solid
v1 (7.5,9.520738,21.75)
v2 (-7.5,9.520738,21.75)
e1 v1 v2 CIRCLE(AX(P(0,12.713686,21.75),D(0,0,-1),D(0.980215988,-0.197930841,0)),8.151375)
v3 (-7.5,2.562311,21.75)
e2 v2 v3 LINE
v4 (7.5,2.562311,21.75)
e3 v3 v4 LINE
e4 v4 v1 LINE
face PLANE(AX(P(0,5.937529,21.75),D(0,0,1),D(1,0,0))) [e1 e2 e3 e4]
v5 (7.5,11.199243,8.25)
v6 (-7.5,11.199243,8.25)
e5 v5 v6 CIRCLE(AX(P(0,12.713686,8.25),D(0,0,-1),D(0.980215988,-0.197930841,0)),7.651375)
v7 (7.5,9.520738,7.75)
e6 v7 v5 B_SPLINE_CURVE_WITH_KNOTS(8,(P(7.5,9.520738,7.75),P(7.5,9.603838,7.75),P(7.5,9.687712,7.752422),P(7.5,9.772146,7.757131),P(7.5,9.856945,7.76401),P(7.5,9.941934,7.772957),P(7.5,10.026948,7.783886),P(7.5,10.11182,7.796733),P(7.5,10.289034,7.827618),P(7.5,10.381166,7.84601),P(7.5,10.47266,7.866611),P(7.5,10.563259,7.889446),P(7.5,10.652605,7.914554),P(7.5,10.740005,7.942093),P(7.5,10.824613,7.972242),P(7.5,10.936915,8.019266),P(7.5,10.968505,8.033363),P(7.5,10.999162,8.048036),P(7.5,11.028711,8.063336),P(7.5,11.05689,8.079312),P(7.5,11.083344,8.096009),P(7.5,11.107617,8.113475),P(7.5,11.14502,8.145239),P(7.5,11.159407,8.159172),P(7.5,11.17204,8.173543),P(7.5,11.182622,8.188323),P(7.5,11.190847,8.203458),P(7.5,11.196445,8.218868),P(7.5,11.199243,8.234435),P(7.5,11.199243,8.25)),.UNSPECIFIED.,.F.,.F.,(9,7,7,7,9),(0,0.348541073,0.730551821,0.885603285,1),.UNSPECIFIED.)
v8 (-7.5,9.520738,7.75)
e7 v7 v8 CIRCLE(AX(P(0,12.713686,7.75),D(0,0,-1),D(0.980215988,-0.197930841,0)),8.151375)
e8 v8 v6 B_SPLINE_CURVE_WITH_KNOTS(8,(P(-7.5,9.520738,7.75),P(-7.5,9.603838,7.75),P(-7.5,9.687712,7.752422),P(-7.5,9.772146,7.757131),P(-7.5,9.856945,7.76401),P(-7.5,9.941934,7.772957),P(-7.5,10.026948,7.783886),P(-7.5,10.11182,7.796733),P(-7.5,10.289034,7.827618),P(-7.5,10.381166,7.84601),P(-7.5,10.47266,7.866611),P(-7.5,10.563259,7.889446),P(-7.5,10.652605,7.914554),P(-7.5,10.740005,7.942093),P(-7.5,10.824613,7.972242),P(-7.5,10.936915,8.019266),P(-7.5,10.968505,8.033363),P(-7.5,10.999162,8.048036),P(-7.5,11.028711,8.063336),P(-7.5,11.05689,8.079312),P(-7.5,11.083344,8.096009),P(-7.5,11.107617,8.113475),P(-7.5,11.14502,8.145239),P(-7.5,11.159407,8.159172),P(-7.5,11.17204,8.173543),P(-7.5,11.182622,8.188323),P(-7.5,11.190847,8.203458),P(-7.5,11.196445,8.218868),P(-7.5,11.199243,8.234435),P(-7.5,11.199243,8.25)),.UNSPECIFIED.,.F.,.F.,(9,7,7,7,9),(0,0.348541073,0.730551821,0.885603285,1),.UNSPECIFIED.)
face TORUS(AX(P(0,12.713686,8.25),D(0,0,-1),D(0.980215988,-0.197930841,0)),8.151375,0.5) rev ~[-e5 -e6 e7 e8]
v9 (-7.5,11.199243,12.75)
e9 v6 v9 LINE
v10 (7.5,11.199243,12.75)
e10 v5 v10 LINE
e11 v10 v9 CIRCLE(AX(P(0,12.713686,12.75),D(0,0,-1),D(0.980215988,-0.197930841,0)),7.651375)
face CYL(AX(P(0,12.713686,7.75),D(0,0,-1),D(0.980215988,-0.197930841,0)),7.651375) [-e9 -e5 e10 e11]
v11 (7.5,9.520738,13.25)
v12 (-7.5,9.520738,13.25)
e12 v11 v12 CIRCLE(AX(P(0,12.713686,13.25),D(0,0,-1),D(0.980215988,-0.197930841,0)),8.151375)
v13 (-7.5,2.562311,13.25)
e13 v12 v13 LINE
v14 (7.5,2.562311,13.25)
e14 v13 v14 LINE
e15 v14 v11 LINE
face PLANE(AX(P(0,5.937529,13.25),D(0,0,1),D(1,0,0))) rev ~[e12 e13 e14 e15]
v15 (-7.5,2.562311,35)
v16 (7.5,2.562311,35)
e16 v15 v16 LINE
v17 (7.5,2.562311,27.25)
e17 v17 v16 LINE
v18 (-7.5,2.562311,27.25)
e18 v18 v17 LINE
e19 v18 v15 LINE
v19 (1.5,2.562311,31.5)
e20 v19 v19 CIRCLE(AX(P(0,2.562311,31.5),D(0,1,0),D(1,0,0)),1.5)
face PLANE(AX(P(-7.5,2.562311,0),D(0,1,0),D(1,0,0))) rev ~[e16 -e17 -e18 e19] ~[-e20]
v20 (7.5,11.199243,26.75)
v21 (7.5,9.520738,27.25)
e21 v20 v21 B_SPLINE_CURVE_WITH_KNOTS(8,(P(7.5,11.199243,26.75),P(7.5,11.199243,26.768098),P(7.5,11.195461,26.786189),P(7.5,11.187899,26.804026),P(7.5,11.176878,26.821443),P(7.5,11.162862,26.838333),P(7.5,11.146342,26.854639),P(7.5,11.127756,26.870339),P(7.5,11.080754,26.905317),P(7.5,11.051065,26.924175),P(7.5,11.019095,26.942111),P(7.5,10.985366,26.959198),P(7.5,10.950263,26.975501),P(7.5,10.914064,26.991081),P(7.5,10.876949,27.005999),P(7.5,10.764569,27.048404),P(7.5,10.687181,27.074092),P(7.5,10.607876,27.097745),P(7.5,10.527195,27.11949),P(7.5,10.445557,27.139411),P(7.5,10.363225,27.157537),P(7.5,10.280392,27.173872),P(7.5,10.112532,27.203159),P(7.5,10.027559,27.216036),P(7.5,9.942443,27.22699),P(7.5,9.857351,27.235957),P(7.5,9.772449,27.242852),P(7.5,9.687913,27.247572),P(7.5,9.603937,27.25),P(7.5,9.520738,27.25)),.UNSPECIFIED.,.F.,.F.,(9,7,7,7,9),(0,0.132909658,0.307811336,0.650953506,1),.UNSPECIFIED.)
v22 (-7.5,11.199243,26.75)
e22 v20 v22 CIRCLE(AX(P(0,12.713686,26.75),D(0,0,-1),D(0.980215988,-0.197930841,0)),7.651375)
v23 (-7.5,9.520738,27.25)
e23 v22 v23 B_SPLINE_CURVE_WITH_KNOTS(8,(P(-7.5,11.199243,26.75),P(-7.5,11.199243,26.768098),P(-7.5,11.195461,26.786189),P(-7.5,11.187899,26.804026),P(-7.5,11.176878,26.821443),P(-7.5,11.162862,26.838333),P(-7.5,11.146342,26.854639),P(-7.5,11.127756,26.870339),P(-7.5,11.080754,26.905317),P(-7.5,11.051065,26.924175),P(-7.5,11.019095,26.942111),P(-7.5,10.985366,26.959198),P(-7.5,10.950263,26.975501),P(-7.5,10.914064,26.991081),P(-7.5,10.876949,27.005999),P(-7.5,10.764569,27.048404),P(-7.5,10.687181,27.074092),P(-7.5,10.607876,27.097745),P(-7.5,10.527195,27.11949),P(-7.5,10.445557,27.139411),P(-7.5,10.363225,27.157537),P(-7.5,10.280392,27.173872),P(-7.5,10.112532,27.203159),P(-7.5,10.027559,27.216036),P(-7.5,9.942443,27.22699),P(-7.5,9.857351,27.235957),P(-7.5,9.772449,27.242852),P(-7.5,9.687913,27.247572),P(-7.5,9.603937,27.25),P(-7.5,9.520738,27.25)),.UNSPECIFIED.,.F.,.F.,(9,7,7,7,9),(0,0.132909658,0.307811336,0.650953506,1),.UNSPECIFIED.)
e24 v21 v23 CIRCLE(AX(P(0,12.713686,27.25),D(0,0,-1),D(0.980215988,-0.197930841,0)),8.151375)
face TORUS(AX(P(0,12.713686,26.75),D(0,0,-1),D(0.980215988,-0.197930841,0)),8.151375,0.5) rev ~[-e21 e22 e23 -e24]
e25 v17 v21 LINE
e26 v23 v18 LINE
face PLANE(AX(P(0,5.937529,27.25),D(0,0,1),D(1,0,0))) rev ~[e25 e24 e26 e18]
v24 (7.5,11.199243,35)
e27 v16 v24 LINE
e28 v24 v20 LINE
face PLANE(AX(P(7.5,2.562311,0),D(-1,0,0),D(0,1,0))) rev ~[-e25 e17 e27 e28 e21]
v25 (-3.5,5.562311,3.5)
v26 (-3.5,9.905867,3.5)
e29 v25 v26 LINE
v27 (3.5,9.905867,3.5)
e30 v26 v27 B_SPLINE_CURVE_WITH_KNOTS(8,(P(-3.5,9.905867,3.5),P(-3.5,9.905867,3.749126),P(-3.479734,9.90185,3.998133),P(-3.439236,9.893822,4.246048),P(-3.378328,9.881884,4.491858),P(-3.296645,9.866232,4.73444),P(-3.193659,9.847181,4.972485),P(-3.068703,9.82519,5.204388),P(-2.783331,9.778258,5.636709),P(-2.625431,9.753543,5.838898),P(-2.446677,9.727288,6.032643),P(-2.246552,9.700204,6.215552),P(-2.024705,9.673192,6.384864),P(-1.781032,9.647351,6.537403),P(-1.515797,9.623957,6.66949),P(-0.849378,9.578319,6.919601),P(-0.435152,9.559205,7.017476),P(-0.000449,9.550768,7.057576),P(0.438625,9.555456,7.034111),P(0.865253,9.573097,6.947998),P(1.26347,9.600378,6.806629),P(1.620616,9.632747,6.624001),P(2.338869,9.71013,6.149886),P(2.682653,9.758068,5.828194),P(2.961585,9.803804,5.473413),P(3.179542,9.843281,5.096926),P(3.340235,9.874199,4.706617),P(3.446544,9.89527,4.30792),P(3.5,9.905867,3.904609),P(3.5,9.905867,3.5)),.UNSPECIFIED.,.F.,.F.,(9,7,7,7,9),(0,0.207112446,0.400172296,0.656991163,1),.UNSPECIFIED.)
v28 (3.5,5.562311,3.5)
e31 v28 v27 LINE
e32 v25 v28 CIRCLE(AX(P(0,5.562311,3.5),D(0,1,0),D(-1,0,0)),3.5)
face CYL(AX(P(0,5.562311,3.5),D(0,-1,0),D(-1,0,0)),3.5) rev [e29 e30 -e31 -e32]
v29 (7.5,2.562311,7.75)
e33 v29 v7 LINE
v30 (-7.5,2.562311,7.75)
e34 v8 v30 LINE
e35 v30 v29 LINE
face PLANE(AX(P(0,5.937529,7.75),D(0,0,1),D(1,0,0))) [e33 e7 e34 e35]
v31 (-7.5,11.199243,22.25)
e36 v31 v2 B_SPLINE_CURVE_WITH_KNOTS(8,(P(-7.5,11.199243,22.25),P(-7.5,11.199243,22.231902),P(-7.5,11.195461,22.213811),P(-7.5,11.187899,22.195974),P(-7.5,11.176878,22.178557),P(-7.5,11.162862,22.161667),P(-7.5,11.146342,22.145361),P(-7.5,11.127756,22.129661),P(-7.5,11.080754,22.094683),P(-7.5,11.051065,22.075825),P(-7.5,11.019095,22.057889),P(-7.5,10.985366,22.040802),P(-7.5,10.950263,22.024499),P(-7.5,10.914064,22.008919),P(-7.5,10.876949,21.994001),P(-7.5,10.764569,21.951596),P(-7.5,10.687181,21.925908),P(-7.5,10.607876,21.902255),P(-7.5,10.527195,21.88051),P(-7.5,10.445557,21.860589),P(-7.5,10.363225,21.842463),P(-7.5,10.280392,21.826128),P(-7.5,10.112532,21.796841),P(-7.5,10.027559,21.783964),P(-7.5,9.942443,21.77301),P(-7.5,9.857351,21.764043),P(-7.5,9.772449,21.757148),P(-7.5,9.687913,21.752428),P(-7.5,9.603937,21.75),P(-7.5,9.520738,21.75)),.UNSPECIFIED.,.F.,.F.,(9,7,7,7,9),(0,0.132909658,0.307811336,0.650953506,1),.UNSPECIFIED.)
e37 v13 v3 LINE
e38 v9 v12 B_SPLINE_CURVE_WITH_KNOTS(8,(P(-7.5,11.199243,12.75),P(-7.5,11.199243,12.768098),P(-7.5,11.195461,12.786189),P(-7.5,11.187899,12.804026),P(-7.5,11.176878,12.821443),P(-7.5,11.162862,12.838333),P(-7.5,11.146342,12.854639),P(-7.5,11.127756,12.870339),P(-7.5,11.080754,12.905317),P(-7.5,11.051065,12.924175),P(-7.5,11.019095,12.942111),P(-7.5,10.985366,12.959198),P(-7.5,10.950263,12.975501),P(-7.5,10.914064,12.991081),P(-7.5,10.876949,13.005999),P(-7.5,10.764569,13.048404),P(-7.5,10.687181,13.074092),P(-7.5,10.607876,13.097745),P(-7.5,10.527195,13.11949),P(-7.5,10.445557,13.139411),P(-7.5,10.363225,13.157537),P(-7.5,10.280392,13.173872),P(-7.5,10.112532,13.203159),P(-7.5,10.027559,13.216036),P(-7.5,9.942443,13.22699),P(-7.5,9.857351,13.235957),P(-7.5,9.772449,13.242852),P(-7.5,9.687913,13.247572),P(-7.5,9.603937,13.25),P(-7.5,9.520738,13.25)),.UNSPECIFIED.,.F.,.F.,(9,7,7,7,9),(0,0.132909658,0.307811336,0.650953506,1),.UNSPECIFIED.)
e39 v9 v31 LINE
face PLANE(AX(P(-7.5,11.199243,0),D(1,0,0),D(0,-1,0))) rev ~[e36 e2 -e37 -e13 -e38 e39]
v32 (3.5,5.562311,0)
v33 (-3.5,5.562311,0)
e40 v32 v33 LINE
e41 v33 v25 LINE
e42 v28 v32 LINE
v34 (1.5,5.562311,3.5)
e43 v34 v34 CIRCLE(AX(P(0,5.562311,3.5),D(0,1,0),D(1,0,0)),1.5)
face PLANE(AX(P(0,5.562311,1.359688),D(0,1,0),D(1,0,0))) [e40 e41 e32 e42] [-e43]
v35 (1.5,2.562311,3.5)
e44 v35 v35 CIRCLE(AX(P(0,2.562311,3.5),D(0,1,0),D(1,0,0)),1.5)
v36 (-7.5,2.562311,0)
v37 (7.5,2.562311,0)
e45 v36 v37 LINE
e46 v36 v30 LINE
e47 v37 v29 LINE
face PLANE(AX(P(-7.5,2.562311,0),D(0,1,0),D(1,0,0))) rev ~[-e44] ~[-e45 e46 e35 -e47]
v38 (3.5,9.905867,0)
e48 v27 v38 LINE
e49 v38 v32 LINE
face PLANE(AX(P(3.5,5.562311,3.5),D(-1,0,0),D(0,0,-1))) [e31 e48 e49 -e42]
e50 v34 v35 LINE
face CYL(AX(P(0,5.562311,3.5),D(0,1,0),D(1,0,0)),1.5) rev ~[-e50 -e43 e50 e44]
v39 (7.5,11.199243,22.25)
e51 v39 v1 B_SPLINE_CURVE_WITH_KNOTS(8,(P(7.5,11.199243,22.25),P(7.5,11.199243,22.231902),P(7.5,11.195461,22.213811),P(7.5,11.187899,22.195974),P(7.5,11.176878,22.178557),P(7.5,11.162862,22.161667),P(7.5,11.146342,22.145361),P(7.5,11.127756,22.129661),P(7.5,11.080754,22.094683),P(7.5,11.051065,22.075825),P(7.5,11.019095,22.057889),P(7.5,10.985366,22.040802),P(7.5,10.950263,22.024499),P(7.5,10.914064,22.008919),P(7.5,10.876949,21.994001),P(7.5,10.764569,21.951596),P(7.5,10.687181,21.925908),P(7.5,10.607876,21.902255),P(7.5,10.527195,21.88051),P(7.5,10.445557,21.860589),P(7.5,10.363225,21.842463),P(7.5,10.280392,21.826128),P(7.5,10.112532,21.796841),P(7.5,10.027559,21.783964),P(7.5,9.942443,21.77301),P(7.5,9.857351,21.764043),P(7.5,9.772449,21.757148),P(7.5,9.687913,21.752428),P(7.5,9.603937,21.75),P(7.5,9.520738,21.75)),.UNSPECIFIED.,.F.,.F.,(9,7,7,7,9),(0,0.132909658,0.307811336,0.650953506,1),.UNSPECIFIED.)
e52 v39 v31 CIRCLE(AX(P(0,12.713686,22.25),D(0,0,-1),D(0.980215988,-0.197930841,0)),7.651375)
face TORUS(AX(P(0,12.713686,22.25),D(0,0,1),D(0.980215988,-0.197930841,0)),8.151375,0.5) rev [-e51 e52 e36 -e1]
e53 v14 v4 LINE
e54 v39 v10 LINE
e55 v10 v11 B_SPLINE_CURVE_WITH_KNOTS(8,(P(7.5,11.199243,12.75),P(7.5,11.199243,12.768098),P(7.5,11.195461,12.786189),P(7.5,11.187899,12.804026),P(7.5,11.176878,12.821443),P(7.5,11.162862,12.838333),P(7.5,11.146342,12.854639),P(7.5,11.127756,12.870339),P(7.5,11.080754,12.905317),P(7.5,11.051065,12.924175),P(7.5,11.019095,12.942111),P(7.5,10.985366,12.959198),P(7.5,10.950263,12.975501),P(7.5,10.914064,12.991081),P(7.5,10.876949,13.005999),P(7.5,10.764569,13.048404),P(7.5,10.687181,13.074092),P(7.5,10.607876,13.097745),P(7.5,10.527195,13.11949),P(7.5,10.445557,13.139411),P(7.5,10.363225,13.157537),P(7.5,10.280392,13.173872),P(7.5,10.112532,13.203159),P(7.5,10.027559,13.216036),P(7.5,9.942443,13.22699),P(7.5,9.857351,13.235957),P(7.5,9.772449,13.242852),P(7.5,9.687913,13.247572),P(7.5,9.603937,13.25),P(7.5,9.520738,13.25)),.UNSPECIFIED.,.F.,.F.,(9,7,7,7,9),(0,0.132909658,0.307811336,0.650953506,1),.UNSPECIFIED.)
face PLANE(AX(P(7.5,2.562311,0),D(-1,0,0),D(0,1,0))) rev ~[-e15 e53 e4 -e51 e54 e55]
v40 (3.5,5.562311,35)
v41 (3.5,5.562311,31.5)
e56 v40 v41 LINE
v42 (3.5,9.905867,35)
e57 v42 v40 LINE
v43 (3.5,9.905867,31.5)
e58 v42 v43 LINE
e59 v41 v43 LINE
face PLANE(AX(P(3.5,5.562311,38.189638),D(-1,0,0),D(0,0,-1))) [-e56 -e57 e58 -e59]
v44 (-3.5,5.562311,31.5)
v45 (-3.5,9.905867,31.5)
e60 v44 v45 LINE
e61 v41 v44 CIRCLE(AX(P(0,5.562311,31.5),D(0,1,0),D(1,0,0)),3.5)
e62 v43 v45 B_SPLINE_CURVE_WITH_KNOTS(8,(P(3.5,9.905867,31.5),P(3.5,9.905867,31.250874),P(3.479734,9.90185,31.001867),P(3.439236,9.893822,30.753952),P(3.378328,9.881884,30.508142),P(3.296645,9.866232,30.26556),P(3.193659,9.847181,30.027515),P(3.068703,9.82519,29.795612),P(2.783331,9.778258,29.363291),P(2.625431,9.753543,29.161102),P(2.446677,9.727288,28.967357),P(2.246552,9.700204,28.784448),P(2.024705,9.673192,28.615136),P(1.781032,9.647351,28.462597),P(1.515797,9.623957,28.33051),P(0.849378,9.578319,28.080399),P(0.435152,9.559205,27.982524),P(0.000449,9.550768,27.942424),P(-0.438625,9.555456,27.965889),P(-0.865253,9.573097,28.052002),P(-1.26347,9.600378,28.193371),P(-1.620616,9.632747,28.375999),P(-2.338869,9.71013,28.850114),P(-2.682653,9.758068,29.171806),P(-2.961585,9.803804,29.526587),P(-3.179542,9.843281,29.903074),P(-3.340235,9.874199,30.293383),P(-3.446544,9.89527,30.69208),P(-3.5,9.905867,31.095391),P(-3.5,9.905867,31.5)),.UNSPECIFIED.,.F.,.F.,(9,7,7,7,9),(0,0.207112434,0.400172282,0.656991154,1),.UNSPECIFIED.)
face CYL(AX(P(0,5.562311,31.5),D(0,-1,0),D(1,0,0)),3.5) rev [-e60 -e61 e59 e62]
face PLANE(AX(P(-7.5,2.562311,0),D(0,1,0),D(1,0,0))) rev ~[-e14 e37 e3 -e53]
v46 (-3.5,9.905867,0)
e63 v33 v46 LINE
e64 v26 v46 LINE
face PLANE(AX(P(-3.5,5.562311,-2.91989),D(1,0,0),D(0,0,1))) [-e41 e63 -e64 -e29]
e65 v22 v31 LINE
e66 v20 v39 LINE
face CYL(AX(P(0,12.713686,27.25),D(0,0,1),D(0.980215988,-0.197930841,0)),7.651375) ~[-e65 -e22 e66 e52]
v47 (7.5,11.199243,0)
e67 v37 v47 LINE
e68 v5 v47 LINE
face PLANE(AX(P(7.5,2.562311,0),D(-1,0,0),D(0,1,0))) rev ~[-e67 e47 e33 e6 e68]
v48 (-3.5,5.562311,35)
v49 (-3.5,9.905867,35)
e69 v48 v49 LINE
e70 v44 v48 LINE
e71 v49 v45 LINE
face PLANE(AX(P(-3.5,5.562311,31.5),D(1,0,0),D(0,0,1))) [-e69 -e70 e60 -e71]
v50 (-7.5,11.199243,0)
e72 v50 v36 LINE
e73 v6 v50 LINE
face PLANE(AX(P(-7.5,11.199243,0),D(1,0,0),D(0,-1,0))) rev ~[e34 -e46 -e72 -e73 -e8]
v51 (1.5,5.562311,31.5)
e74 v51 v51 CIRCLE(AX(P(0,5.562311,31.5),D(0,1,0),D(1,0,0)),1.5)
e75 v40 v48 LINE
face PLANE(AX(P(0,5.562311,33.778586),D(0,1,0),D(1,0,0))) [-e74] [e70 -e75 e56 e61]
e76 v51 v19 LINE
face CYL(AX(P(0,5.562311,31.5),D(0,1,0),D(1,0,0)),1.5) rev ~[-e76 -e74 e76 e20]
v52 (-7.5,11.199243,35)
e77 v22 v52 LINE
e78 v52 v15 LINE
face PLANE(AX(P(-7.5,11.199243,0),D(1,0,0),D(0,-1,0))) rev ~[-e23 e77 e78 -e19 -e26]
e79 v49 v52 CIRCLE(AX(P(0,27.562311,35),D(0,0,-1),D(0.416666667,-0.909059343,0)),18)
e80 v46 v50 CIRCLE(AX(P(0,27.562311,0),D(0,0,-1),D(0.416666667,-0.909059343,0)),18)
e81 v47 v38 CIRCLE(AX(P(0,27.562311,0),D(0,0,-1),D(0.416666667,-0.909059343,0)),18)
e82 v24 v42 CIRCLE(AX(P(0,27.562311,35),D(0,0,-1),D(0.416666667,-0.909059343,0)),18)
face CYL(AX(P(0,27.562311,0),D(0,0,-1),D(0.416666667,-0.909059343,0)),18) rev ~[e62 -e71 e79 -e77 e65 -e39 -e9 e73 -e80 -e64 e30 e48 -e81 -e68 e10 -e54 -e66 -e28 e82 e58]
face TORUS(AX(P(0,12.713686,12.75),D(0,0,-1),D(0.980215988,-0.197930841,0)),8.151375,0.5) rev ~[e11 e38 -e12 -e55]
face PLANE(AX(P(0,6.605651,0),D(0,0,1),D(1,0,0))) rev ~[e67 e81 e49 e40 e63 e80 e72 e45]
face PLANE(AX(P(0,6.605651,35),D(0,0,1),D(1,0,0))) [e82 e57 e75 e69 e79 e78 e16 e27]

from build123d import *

# Parameters (mm, degrees)
BOSS_EXTRUDE1_DEPTH = 35
CUT_EXTRUDE1_DEPTH  = 30
CUT_EXTRUDE3_DEPTH  = 5.5
CUT_EXTRUDE4_DEPTH  = 5.5
SKETCH7_R           = 1.5
CUT_EXTRUDE5_DEPTH  = 4
FILLET1_R           = 0.5


with BuildPart() as part:
    # Sketch1 → Boss-Extrude1 (new body)
    with BuildSketch(Plane.XY):
        with BuildLine():
            Line((-7.5, 2.562310746), (7.5, 2.562310746))
            Line((7.5, 2.562310746), (7.5, 11.199242574))
            ThreePointArc((7.5, 11.199242574), (0, 9.562310746), (-7.5, 11.199242574))
            Line((-7.5, 11.199242574), (-7.5, 2.562310746))
        make_face()
    extrude(amount=BOSS_EXTRUDE1_DEPTH)

    # Sketch3 → Cut-Extrude1 (cut)
    with BuildSketch(Plane(origin=(0, 5.562310746, 0), x_dir=(-1, 0, 0), z_dir=(0, -1, 0))):
        with BuildLine():
            Line((-3.5, -3.5), (-3.5, 2.919890279))
            Line((-3.5, 2.919890279), (3.5, 2.919890279))
            Line((3.5, 2.919890279), (3.5, -3.5))
            ThreePointArc((3.5, -3.5), (0, -7), (-3.5, -3.5))
        make_face()
        with BuildLine():
            Line((3.5, -31.5), (3.5, -38.189637839))
            Line((3.5, -38.189637839), (-3.5, -38.189637839))
            Line((-3.5, -38.189637839), (-3.5, -31.5))
            ThreePointArc((-3.5, -31.5), (0, -28), (3.5, -31.5))
        make_face()
    extrude(amount=-CUT_EXTRUDE1_DEPTH, mode=Mode.SUBTRACT)

    # Sketch5 → Cut-Extrude3 (cut)
    with BuildSketch(Plane.XY.offset(7.75)):
        with BuildLine():
            Line((-7.5, 11.199242574), (-7.5, 2.562310746))
            Line((-7.5, 2.562310746), (7.5, 2.562310746))
            Line((7.5, 2.562310746), (7.5, 11.199242574))
            ThreePointArc((7.5, 11.199242574), (0, 5.062310746), (-7.5, 11.199242574))
        make_face()
    extrude(amount=CUT_EXTRUDE3_DEPTH, mode=Mode.SUBTRACT)

    # Sketch6 → Cut-Extrude4 (cut)
    with BuildSketch(Plane.XY.offset(27.25)):
        with BuildLine():
            Line((-7.5, 11.199242574), (-7.5, 2.562310746))
            Line((-7.5, 2.562310746), (7.5, 2.562310746))
            Line((7.5, 2.562310746), (7.5, 11.199242574))
            ThreePointArc((7.5, 11.199242574), (0, 5.062310746), (-7.5, 11.199242574))
        make_face()
    extrude(amount=-CUT_EXTRUDE4_DEPTH, mode=Mode.SUBTRACT)

    # Sketch7 → Cut-Extrude5 (cut, through all)
    with BuildSketch(Plane(origin=(0, 5.562310746, 0), x_dir=(1, 0, 0), z_dir=(0, 1, 0))):
        with Locations((0, -3.5)):
            Circle(SKETCH7_R)
        with Locations((0, -31.5)):
            Circle(SKETCH7_R)
    extrude(amount=-CUT_EXTRUDE5_DEPTH, mode=Mode.SUBTRACT)

    # Fillet1
    fillet1_edges = [part.edges().sort_by_distance(p)[0] for p in [
        (0, 5.062310746, 7.75),
        (0, 5.062310746, 13.25),
        (0, 5.062310746, 21.75),
        (0, 5.062310746, 27.25),
    ]]
    fillet(fillet1_edges, radius=FILLET1_R)


solid = part.part
